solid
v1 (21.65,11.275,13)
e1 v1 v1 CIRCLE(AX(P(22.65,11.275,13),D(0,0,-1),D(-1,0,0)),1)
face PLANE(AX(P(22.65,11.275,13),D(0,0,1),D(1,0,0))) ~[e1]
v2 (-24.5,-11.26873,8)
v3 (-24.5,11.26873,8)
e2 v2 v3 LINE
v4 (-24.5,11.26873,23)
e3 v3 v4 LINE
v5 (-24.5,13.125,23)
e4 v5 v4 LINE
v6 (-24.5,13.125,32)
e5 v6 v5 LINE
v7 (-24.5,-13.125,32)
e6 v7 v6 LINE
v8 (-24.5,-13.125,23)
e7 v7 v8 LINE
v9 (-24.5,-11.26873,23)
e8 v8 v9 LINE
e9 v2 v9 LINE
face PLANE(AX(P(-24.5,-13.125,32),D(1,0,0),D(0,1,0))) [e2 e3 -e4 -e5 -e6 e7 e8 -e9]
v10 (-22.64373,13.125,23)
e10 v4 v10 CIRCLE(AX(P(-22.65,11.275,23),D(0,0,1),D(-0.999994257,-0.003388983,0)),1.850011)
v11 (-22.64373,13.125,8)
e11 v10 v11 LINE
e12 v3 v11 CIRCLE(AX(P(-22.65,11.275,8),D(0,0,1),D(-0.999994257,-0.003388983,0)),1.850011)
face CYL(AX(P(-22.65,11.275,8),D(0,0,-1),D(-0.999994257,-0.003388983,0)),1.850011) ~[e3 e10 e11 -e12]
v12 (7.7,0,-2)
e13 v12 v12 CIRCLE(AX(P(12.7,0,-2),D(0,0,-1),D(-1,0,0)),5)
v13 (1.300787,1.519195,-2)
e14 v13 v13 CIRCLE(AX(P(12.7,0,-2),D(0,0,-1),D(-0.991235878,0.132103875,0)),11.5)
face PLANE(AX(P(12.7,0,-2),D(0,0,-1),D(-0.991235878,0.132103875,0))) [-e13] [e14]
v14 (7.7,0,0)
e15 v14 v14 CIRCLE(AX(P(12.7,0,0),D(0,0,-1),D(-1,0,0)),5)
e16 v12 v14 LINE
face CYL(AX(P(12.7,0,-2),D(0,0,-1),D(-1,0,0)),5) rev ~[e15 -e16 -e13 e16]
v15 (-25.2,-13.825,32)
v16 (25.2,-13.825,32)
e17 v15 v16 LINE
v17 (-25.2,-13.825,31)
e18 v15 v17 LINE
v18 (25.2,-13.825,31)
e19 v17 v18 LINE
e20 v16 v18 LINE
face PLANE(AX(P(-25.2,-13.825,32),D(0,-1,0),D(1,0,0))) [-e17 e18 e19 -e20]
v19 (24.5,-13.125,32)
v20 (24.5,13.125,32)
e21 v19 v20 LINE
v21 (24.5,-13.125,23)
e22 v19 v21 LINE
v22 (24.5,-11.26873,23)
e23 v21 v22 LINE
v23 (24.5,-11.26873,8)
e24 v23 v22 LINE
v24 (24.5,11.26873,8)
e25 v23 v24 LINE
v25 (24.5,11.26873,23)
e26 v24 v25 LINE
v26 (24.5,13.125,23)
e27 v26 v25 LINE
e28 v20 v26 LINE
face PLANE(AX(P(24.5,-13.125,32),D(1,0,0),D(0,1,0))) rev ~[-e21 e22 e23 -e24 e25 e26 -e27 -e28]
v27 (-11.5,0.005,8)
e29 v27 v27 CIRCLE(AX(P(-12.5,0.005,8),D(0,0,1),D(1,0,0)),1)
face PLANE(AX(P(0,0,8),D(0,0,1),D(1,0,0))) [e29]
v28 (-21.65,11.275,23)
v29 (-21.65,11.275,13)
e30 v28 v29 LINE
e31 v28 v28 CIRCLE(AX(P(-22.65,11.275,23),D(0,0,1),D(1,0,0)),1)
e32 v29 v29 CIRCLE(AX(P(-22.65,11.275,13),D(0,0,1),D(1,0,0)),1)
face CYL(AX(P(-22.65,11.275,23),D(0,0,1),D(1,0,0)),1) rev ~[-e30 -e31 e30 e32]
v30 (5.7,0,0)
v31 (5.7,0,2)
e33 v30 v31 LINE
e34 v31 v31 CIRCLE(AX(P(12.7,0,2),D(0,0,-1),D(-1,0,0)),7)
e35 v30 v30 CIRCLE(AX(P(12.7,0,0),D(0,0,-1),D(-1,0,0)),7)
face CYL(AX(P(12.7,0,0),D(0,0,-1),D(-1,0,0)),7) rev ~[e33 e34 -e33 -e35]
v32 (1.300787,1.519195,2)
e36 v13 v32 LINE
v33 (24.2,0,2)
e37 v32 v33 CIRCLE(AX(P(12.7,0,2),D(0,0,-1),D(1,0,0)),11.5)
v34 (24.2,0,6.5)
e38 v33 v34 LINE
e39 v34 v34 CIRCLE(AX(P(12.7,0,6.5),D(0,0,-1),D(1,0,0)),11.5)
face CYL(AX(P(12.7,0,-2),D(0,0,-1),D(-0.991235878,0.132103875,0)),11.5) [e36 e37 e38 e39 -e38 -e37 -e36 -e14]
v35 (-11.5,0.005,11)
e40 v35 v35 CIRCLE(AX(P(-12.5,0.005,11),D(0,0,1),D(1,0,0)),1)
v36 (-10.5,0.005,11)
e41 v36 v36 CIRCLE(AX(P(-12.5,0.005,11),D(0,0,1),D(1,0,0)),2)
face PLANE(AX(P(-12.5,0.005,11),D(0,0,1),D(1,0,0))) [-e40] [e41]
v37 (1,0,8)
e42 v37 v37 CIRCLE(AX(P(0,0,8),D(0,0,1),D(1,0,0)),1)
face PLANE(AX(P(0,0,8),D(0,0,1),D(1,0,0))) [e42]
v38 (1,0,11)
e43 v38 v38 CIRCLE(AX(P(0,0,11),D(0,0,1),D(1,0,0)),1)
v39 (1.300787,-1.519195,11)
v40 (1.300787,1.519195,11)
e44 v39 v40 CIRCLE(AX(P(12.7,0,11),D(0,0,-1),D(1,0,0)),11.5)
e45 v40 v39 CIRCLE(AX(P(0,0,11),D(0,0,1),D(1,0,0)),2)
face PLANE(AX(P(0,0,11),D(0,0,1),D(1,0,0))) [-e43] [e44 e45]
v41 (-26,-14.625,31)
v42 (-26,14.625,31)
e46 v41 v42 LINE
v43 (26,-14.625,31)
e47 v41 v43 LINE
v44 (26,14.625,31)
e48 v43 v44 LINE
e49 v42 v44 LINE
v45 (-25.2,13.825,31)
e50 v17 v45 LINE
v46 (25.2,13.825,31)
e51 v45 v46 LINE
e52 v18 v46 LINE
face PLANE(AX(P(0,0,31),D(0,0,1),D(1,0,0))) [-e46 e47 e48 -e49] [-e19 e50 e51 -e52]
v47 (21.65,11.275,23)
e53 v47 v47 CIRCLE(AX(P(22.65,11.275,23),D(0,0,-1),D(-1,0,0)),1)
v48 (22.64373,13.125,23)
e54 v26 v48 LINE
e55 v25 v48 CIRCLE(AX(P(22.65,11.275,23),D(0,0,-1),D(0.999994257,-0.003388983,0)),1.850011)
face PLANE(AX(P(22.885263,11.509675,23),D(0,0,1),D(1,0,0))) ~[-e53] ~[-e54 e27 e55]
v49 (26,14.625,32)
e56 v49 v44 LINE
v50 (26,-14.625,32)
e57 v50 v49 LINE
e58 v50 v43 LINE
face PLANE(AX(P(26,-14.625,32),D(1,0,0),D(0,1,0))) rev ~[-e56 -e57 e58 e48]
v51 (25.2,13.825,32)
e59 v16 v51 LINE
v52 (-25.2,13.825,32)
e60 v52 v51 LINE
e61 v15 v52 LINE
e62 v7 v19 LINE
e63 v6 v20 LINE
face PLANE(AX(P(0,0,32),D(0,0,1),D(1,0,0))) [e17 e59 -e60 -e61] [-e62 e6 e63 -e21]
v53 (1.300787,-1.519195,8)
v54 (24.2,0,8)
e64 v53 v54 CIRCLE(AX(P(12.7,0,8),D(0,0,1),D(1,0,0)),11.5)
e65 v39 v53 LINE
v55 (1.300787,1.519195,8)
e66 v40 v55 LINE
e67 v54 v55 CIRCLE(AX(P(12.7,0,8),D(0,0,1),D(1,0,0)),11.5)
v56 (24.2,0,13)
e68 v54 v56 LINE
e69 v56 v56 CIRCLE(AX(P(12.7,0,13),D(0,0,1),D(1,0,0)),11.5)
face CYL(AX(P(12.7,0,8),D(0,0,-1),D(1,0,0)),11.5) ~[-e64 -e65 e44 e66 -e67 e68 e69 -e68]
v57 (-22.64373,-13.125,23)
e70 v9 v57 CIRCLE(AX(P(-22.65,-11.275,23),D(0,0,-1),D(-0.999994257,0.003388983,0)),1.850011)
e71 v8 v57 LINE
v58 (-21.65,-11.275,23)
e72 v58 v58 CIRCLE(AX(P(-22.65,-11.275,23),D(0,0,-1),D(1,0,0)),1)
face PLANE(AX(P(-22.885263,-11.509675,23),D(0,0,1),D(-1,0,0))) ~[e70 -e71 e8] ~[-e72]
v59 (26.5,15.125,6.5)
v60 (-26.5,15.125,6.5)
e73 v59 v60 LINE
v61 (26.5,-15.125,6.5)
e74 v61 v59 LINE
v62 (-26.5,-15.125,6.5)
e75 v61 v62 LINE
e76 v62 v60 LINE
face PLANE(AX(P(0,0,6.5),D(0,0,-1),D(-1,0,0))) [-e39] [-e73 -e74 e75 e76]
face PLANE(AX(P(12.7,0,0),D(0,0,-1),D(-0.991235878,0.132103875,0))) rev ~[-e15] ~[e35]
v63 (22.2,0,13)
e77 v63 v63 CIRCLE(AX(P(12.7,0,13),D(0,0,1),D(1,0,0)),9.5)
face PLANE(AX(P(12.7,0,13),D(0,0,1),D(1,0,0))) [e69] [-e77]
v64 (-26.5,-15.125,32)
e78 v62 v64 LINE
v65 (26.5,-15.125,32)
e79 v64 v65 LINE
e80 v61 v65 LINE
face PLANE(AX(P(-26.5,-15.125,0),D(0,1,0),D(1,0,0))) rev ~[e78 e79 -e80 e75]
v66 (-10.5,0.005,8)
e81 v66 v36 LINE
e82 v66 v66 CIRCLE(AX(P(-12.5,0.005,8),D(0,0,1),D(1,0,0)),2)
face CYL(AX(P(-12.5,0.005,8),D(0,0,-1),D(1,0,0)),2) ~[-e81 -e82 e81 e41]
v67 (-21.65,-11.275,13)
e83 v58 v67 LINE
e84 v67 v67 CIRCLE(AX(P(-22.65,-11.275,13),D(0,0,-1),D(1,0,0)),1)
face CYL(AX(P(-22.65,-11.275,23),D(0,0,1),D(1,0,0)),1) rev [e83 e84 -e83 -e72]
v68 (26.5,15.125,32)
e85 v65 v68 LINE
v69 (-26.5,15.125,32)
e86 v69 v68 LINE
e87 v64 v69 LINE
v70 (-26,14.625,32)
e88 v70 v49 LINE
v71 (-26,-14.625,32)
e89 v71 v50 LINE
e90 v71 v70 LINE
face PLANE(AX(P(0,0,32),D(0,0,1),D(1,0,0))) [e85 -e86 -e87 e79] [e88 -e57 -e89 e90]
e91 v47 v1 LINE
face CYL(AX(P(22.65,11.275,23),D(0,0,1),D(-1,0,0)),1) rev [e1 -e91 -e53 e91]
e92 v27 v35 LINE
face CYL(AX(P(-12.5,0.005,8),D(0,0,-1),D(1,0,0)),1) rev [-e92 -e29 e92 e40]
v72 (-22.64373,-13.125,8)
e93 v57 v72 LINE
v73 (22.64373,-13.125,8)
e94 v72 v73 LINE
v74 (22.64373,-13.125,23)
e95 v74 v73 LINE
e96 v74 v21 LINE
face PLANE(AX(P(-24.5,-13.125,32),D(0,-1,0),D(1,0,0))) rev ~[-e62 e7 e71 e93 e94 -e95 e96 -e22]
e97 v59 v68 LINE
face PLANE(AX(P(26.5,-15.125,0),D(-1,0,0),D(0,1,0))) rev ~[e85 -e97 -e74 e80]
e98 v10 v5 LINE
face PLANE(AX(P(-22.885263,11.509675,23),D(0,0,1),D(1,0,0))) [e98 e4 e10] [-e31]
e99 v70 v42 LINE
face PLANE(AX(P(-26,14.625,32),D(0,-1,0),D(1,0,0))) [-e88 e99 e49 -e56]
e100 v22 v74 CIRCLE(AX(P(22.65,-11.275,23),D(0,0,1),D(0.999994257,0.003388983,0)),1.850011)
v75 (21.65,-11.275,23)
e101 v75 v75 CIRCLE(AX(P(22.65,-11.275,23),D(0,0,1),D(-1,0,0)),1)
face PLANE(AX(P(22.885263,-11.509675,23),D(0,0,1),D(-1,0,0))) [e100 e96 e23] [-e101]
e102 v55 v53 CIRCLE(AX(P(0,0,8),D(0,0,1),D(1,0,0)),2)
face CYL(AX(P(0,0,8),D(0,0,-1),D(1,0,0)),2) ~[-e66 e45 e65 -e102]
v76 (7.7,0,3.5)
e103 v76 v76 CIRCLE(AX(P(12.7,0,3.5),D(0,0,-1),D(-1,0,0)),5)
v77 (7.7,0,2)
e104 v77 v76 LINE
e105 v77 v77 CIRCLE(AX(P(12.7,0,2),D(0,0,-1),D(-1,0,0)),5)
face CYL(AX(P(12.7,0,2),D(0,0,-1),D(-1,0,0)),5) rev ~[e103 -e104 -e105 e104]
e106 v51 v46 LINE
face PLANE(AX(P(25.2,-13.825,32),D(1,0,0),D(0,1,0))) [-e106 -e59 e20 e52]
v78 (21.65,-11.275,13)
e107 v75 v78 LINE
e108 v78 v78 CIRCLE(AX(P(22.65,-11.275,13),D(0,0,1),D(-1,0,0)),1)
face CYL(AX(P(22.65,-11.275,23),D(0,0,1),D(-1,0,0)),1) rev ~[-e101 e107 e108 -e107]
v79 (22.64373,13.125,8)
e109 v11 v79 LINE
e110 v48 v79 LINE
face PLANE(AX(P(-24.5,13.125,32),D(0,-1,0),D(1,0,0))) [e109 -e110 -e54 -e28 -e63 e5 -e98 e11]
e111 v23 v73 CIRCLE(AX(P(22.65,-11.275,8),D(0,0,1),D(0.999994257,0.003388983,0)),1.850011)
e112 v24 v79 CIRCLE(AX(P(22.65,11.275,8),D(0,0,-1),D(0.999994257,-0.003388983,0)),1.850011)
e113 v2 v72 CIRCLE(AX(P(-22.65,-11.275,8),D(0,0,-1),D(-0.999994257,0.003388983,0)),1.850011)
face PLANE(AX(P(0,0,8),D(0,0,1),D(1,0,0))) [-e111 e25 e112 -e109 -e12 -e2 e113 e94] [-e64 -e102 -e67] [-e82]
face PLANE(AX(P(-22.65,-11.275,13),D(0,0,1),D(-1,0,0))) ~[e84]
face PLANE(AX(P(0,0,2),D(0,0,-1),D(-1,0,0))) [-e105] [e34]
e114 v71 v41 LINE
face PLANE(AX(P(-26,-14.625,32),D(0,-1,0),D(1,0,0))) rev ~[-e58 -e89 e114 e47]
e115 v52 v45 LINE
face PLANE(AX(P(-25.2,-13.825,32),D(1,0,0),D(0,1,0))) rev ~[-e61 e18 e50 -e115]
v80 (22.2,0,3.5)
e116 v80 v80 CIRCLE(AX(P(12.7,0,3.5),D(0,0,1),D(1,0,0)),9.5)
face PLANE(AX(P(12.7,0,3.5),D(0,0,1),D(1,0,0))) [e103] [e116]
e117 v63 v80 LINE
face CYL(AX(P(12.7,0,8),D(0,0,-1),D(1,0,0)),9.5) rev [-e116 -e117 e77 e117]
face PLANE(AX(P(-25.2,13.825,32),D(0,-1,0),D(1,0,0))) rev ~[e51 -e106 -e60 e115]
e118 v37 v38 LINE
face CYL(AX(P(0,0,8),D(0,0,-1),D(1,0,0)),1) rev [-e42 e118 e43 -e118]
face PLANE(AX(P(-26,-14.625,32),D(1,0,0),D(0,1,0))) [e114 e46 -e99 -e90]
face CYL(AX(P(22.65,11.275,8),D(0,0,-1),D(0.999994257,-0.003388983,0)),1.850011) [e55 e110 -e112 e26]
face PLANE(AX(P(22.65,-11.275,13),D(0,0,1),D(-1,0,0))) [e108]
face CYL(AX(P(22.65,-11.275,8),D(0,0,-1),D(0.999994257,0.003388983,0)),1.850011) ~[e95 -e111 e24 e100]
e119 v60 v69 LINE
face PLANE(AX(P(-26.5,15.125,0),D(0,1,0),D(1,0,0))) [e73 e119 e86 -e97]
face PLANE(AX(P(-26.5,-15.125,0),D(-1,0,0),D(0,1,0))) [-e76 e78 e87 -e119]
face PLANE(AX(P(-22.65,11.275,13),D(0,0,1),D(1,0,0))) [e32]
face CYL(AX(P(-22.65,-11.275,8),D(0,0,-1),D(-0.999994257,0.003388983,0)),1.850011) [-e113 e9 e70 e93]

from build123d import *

# Parameters (mm, degrees)
SKETCH_1_W               = 53
SKETCH_1_H               = 30.25
EXTRUDE_1_DEPTH          = 32
SKETCH_2_W               = 49
SKETCH_2_H               = 26.25
CUT_EXTRUDE_1_DEPTH      = 24
SKETCH_3_W               = 52
SKETCH_3_H               = 29.25
SKETCH_3_W_2             = 50.4
SKETCH_3_H_2             = 27.65
CUT_EXTRUDE_2_DEPTH      = 1
EXTRUDE_2_DEPTH          = 15
SKETCH_7_R               = 1
CUT_EXTRUDE_4_DEPTH      = 10
MIRROR_2_COPY_1_DEPTH    = 15
MIRROR_2_COPY_2_SKETCH_R = 1
MIRROR_2_COPY_2_DEPTH    = 10
SKETCH_8_W               = 53
SKETCH_8_H               = 30.25
CUT_EXTRUDE_5_DEPTH      = 2
SKETCH_11_R              = 5
CUT_EXTRUDE_6_DEPTH      = 43.790368367
SKETCH_12_R              = 11.5
SKETCH_12_R_2            = 9.5
EXTRUDE_4_DEPTH          = 5
CUT_EXTRUDE_START        = -4.5
SKETCH_13_R              = 9.5
CUT_EXTRUDE_7_DEPTH      = 4.5
SKETCH_14_W              = 53
SKETCH_14_H              = 30.25
SKETCH_14_R              = 11.5
CUT_EXTRUDE_8_DEPTH      = 4.5
SKETCH_15_R              = 2
SKETCH_15_R_2            = 1
EXTRUDE_5_DEPTH          = 3
SKETCH_16_R              = 2
SKETCH_16_R_2            = 1
EXTRUDE_6_DEPTH          = 3
EXTRUDE_START            = 2
SKETCH_18_R              = 11.5
SKETCH_18_R_2            = 7
EXTRUDE_8_DEPTH          = 2
SKETCH_19_R              = 11.5
SKETCH_19_R_2            = 5
EXTRUDE_9_DEPTH          = 2


with BuildPart() as part:
    # 草图1 → 凸台-拉伸1 (new body)
    with BuildSketch(Plane.XY):
        Rectangle(SKETCH_1_W, SKETCH_1_H)
    extrude(amount=EXTRUDE_1_DEPTH)

    # 草图2 → 切除-拉伸1 (cut)
    with BuildSketch(Plane.XY.offset(32)):
        Rectangle(SKETCH_2_W, SKETCH_2_H)
    extrude(amount=-CUT_EXTRUDE_1_DEPTH, mode=Mode.SUBTRACT)

    # 草图3 → 切除-拉伸2 (cut)
    with BuildSketch(Plane.XY.offset(32)):
        Rectangle(SKETCH_3_W, SKETCH_3_H)
        Rectangle(SKETCH_3_W_2, SKETCH_3_H_2, mode=Mode.SUBTRACT)
    extrude(amount=-CUT_EXTRUDE_2_DEPTH, mode=Mode.SUBTRACT)

    # 草图6 → 凸台-拉伸2 (add)
    with BuildSketch(Plane.XY.offset(8)):
        with BuildLine():
            Line((-22.656269654, 13.125), (-24.5, 13.125))
            Line((-24.5, 13.125), (-24.5, 11.268730346))
            ThreePointArc((-24.5, 11.268730346), (-21.33741914, 9.97128577), (-22.656269654, 13.125))
        make_face()
    extrude_2 = extrude(amount=EXTRUDE_2_DEPTH)

    # 草图7 → 切除-拉伸4 (cut)
    with BuildSketch(Plane.XY.offset(23)):
        with Locations((-22.65, 11.275)):
            Circle(SKETCH_7_R)
    cut_extrude_4 = extrude(amount=-CUT_EXTRUDE_4_DEPTH, mode=Mode.SUBTRACT)

    # 镜向1: 凸台-拉伸2, 切除-拉伸4 across plane
    add(extrude_2.mirror(Plane.ZX))
    add(cut_extrude_4.mirror(Plane.ZX), mode=Mode.SUBTRACT)

    # 镜向2: 凸台-拉伸2, 切除-拉伸4 across plane
    add(extrude_2.mirror(Plane(origin=(0, 0, 0), x_dir=(0, 0, 1), z_dir=(1, 0, 0))))
    add(cut_extrude_4.mirror(Plane(origin=(0, 0, 0), x_dir=(0, 0, 1), z_dir=(1, 0, 0))), mode=Mode.SUBTRACT)

    # 镜向2 copy 1 sketch → 镜向2 copy 1 (add)
    with BuildSketch(Plane(origin=(0, 0, 8), x_dir=(-1, 0, 0), z_dir=(0, 0, 1))):
        with BuildLine():
            Line((-22.656269654, 13.125), (-24.5, 13.125))
            Line((-24.5, 13.125), (-24.5, 11.268730346))
            ThreePointArc((-24.5, 11.268730346), (-21.33741914, 9.97128577), (-22.656269654, 13.125))
        make_face()
    extrude(amount=MIRROR_2_COPY_1_DEPTH)

    # 镜向2 copy 2 sketch → 镜向2 copy 2 (cut)
    with BuildSketch(Plane(origin=(0, 0, 23), x_dir=(-1, 0, 0), z_dir=(0, 0, 1))):
        with Locations((-22.65, 11.275)):
            Circle(MIRROR_2_COPY_2_SKETCH_R)
    extrude(amount=-MIRROR_2_COPY_2_DEPTH, mode=Mode.SUBTRACT)

    # 草图8 → 切除-拉伸5 (cut)
    with BuildSketch(Plane(origin=(0, 0, 0), x_dir=(-1, 0, 0), z_dir=(0, 0, -1))):
        Rectangle(SKETCH_8_W, SKETCH_8_H)
    extrude(amount=-CUT_EXTRUDE_5_DEPTH, mode=Mode.SUBTRACT)

    # 草图11 → 切除-拉伸6 (cut, through all)
    with BuildSketch(Plane(origin=(0, 0, 2), x_dir=(-1, 0, 0), z_dir=(0, 0, -1))):
        with Locations((-12.7, 0)):
            Circle(SKETCH_11_R)
    extrude(amount=-CUT_EXTRUDE_6_DEPTH, mode=Mode.SUBTRACT)

    # 草图12 → 凸台-拉伸4 (add)
    with BuildSketch(Plane.XY.offset(8)):
        with Locations((12.7, 0)):
            Circle(SKETCH_12_R)
        with Locations((12.7, 0)):
            Circle(SKETCH_12_R_2, mode=Mode.SUBTRACT)
    extrude(amount=EXTRUDE_4_DEPTH)

    # 草图13 → 切除-拉伸7 (cut)
    with BuildSketch(Plane.XY.offset(8).offset(CUT_EXTRUDE_START)):
        with Locations((12.7, 0)):
            Circle(SKETCH_13_R)
    extrude(amount=CUT_EXTRUDE_7_DEPTH, mode=Mode.SUBTRACT)

    # 草图14 → 切除-拉伸8 (cut)
    with BuildSketch(Plane(origin=(0, 0, 2), x_dir=(-1, 0, 0), z_dir=(0, 0, -1))):
        Rectangle(SKETCH_14_W, SKETCH_14_H)
        with Locations(Location((-12.7, 0, 0), (0, 0, 180))):
            Circle(SKETCH_14_R, mode=Mode.SUBTRACT)
    extrude(amount=-CUT_EXTRUDE_8_DEPTH, mode=Mode.SUBTRACT)

    # 草图15 → 凸台-拉伸5 (add)
    with BuildSketch(Plane.XY.offset(8)):
        with Locations((-12.5, 0.005)):
            Circle(SKETCH_15_R)
        with Locations((-12.5, 0.005)):
            Circle(SKETCH_15_R_2, mode=Mode.SUBTRACT)
    extrude(amount=EXTRUDE_5_DEPTH)

    # 草图16 → 凸台-拉伸6 (add)
    with BuildSketch(Plane.XY.offset(8)):
        Circle(SKETCH_16_R)
        Circle(SKETCH_16_R_2, mode=Mode.SUBTRACT)
    extrude(amount=EXTRUDE_6_DEPTH)

    # 草图18 → 凸台-拉伸8 (add)
    with BuildSketch(Plane(origin=(0, 0, 2), x_dir=(-1, 0, 0), z_dir=(0, 0, -1)).offset(EXTRUDE_START)):
        with Locations(Location((-12.7, 0, 0), (0, 0, 7.591184195))):
            Circle(SKETCH_18_R)
        with Locations((-12.7, 0)):
            Circle(SKETCH_18_R_2, mode=Mode.SUBTRACT)
    extrude(amount=-EXTRUDE_8_DEPTH)

    # 草图19 → 凸台-拉伸9 (add)
    with BuildSketch(Plane(origin=(0, 0, 0), x_dir=(-1, 0, 0), z_dir=(0, 0, -1)).offset(EXTRUDE_START)):
        with Locations(Location((-12.7, 0, 0), (0, 0, 7.591184195))):
            Circle(SKETCH_19_R)
        with Locations((-12.7, 0)):
            Circle(SKETCH_19_R_2, mode=Mode.SUBTRACT)
    extrude(amount=-EXTRUDE_9_DEPTH)


solid = part.part
